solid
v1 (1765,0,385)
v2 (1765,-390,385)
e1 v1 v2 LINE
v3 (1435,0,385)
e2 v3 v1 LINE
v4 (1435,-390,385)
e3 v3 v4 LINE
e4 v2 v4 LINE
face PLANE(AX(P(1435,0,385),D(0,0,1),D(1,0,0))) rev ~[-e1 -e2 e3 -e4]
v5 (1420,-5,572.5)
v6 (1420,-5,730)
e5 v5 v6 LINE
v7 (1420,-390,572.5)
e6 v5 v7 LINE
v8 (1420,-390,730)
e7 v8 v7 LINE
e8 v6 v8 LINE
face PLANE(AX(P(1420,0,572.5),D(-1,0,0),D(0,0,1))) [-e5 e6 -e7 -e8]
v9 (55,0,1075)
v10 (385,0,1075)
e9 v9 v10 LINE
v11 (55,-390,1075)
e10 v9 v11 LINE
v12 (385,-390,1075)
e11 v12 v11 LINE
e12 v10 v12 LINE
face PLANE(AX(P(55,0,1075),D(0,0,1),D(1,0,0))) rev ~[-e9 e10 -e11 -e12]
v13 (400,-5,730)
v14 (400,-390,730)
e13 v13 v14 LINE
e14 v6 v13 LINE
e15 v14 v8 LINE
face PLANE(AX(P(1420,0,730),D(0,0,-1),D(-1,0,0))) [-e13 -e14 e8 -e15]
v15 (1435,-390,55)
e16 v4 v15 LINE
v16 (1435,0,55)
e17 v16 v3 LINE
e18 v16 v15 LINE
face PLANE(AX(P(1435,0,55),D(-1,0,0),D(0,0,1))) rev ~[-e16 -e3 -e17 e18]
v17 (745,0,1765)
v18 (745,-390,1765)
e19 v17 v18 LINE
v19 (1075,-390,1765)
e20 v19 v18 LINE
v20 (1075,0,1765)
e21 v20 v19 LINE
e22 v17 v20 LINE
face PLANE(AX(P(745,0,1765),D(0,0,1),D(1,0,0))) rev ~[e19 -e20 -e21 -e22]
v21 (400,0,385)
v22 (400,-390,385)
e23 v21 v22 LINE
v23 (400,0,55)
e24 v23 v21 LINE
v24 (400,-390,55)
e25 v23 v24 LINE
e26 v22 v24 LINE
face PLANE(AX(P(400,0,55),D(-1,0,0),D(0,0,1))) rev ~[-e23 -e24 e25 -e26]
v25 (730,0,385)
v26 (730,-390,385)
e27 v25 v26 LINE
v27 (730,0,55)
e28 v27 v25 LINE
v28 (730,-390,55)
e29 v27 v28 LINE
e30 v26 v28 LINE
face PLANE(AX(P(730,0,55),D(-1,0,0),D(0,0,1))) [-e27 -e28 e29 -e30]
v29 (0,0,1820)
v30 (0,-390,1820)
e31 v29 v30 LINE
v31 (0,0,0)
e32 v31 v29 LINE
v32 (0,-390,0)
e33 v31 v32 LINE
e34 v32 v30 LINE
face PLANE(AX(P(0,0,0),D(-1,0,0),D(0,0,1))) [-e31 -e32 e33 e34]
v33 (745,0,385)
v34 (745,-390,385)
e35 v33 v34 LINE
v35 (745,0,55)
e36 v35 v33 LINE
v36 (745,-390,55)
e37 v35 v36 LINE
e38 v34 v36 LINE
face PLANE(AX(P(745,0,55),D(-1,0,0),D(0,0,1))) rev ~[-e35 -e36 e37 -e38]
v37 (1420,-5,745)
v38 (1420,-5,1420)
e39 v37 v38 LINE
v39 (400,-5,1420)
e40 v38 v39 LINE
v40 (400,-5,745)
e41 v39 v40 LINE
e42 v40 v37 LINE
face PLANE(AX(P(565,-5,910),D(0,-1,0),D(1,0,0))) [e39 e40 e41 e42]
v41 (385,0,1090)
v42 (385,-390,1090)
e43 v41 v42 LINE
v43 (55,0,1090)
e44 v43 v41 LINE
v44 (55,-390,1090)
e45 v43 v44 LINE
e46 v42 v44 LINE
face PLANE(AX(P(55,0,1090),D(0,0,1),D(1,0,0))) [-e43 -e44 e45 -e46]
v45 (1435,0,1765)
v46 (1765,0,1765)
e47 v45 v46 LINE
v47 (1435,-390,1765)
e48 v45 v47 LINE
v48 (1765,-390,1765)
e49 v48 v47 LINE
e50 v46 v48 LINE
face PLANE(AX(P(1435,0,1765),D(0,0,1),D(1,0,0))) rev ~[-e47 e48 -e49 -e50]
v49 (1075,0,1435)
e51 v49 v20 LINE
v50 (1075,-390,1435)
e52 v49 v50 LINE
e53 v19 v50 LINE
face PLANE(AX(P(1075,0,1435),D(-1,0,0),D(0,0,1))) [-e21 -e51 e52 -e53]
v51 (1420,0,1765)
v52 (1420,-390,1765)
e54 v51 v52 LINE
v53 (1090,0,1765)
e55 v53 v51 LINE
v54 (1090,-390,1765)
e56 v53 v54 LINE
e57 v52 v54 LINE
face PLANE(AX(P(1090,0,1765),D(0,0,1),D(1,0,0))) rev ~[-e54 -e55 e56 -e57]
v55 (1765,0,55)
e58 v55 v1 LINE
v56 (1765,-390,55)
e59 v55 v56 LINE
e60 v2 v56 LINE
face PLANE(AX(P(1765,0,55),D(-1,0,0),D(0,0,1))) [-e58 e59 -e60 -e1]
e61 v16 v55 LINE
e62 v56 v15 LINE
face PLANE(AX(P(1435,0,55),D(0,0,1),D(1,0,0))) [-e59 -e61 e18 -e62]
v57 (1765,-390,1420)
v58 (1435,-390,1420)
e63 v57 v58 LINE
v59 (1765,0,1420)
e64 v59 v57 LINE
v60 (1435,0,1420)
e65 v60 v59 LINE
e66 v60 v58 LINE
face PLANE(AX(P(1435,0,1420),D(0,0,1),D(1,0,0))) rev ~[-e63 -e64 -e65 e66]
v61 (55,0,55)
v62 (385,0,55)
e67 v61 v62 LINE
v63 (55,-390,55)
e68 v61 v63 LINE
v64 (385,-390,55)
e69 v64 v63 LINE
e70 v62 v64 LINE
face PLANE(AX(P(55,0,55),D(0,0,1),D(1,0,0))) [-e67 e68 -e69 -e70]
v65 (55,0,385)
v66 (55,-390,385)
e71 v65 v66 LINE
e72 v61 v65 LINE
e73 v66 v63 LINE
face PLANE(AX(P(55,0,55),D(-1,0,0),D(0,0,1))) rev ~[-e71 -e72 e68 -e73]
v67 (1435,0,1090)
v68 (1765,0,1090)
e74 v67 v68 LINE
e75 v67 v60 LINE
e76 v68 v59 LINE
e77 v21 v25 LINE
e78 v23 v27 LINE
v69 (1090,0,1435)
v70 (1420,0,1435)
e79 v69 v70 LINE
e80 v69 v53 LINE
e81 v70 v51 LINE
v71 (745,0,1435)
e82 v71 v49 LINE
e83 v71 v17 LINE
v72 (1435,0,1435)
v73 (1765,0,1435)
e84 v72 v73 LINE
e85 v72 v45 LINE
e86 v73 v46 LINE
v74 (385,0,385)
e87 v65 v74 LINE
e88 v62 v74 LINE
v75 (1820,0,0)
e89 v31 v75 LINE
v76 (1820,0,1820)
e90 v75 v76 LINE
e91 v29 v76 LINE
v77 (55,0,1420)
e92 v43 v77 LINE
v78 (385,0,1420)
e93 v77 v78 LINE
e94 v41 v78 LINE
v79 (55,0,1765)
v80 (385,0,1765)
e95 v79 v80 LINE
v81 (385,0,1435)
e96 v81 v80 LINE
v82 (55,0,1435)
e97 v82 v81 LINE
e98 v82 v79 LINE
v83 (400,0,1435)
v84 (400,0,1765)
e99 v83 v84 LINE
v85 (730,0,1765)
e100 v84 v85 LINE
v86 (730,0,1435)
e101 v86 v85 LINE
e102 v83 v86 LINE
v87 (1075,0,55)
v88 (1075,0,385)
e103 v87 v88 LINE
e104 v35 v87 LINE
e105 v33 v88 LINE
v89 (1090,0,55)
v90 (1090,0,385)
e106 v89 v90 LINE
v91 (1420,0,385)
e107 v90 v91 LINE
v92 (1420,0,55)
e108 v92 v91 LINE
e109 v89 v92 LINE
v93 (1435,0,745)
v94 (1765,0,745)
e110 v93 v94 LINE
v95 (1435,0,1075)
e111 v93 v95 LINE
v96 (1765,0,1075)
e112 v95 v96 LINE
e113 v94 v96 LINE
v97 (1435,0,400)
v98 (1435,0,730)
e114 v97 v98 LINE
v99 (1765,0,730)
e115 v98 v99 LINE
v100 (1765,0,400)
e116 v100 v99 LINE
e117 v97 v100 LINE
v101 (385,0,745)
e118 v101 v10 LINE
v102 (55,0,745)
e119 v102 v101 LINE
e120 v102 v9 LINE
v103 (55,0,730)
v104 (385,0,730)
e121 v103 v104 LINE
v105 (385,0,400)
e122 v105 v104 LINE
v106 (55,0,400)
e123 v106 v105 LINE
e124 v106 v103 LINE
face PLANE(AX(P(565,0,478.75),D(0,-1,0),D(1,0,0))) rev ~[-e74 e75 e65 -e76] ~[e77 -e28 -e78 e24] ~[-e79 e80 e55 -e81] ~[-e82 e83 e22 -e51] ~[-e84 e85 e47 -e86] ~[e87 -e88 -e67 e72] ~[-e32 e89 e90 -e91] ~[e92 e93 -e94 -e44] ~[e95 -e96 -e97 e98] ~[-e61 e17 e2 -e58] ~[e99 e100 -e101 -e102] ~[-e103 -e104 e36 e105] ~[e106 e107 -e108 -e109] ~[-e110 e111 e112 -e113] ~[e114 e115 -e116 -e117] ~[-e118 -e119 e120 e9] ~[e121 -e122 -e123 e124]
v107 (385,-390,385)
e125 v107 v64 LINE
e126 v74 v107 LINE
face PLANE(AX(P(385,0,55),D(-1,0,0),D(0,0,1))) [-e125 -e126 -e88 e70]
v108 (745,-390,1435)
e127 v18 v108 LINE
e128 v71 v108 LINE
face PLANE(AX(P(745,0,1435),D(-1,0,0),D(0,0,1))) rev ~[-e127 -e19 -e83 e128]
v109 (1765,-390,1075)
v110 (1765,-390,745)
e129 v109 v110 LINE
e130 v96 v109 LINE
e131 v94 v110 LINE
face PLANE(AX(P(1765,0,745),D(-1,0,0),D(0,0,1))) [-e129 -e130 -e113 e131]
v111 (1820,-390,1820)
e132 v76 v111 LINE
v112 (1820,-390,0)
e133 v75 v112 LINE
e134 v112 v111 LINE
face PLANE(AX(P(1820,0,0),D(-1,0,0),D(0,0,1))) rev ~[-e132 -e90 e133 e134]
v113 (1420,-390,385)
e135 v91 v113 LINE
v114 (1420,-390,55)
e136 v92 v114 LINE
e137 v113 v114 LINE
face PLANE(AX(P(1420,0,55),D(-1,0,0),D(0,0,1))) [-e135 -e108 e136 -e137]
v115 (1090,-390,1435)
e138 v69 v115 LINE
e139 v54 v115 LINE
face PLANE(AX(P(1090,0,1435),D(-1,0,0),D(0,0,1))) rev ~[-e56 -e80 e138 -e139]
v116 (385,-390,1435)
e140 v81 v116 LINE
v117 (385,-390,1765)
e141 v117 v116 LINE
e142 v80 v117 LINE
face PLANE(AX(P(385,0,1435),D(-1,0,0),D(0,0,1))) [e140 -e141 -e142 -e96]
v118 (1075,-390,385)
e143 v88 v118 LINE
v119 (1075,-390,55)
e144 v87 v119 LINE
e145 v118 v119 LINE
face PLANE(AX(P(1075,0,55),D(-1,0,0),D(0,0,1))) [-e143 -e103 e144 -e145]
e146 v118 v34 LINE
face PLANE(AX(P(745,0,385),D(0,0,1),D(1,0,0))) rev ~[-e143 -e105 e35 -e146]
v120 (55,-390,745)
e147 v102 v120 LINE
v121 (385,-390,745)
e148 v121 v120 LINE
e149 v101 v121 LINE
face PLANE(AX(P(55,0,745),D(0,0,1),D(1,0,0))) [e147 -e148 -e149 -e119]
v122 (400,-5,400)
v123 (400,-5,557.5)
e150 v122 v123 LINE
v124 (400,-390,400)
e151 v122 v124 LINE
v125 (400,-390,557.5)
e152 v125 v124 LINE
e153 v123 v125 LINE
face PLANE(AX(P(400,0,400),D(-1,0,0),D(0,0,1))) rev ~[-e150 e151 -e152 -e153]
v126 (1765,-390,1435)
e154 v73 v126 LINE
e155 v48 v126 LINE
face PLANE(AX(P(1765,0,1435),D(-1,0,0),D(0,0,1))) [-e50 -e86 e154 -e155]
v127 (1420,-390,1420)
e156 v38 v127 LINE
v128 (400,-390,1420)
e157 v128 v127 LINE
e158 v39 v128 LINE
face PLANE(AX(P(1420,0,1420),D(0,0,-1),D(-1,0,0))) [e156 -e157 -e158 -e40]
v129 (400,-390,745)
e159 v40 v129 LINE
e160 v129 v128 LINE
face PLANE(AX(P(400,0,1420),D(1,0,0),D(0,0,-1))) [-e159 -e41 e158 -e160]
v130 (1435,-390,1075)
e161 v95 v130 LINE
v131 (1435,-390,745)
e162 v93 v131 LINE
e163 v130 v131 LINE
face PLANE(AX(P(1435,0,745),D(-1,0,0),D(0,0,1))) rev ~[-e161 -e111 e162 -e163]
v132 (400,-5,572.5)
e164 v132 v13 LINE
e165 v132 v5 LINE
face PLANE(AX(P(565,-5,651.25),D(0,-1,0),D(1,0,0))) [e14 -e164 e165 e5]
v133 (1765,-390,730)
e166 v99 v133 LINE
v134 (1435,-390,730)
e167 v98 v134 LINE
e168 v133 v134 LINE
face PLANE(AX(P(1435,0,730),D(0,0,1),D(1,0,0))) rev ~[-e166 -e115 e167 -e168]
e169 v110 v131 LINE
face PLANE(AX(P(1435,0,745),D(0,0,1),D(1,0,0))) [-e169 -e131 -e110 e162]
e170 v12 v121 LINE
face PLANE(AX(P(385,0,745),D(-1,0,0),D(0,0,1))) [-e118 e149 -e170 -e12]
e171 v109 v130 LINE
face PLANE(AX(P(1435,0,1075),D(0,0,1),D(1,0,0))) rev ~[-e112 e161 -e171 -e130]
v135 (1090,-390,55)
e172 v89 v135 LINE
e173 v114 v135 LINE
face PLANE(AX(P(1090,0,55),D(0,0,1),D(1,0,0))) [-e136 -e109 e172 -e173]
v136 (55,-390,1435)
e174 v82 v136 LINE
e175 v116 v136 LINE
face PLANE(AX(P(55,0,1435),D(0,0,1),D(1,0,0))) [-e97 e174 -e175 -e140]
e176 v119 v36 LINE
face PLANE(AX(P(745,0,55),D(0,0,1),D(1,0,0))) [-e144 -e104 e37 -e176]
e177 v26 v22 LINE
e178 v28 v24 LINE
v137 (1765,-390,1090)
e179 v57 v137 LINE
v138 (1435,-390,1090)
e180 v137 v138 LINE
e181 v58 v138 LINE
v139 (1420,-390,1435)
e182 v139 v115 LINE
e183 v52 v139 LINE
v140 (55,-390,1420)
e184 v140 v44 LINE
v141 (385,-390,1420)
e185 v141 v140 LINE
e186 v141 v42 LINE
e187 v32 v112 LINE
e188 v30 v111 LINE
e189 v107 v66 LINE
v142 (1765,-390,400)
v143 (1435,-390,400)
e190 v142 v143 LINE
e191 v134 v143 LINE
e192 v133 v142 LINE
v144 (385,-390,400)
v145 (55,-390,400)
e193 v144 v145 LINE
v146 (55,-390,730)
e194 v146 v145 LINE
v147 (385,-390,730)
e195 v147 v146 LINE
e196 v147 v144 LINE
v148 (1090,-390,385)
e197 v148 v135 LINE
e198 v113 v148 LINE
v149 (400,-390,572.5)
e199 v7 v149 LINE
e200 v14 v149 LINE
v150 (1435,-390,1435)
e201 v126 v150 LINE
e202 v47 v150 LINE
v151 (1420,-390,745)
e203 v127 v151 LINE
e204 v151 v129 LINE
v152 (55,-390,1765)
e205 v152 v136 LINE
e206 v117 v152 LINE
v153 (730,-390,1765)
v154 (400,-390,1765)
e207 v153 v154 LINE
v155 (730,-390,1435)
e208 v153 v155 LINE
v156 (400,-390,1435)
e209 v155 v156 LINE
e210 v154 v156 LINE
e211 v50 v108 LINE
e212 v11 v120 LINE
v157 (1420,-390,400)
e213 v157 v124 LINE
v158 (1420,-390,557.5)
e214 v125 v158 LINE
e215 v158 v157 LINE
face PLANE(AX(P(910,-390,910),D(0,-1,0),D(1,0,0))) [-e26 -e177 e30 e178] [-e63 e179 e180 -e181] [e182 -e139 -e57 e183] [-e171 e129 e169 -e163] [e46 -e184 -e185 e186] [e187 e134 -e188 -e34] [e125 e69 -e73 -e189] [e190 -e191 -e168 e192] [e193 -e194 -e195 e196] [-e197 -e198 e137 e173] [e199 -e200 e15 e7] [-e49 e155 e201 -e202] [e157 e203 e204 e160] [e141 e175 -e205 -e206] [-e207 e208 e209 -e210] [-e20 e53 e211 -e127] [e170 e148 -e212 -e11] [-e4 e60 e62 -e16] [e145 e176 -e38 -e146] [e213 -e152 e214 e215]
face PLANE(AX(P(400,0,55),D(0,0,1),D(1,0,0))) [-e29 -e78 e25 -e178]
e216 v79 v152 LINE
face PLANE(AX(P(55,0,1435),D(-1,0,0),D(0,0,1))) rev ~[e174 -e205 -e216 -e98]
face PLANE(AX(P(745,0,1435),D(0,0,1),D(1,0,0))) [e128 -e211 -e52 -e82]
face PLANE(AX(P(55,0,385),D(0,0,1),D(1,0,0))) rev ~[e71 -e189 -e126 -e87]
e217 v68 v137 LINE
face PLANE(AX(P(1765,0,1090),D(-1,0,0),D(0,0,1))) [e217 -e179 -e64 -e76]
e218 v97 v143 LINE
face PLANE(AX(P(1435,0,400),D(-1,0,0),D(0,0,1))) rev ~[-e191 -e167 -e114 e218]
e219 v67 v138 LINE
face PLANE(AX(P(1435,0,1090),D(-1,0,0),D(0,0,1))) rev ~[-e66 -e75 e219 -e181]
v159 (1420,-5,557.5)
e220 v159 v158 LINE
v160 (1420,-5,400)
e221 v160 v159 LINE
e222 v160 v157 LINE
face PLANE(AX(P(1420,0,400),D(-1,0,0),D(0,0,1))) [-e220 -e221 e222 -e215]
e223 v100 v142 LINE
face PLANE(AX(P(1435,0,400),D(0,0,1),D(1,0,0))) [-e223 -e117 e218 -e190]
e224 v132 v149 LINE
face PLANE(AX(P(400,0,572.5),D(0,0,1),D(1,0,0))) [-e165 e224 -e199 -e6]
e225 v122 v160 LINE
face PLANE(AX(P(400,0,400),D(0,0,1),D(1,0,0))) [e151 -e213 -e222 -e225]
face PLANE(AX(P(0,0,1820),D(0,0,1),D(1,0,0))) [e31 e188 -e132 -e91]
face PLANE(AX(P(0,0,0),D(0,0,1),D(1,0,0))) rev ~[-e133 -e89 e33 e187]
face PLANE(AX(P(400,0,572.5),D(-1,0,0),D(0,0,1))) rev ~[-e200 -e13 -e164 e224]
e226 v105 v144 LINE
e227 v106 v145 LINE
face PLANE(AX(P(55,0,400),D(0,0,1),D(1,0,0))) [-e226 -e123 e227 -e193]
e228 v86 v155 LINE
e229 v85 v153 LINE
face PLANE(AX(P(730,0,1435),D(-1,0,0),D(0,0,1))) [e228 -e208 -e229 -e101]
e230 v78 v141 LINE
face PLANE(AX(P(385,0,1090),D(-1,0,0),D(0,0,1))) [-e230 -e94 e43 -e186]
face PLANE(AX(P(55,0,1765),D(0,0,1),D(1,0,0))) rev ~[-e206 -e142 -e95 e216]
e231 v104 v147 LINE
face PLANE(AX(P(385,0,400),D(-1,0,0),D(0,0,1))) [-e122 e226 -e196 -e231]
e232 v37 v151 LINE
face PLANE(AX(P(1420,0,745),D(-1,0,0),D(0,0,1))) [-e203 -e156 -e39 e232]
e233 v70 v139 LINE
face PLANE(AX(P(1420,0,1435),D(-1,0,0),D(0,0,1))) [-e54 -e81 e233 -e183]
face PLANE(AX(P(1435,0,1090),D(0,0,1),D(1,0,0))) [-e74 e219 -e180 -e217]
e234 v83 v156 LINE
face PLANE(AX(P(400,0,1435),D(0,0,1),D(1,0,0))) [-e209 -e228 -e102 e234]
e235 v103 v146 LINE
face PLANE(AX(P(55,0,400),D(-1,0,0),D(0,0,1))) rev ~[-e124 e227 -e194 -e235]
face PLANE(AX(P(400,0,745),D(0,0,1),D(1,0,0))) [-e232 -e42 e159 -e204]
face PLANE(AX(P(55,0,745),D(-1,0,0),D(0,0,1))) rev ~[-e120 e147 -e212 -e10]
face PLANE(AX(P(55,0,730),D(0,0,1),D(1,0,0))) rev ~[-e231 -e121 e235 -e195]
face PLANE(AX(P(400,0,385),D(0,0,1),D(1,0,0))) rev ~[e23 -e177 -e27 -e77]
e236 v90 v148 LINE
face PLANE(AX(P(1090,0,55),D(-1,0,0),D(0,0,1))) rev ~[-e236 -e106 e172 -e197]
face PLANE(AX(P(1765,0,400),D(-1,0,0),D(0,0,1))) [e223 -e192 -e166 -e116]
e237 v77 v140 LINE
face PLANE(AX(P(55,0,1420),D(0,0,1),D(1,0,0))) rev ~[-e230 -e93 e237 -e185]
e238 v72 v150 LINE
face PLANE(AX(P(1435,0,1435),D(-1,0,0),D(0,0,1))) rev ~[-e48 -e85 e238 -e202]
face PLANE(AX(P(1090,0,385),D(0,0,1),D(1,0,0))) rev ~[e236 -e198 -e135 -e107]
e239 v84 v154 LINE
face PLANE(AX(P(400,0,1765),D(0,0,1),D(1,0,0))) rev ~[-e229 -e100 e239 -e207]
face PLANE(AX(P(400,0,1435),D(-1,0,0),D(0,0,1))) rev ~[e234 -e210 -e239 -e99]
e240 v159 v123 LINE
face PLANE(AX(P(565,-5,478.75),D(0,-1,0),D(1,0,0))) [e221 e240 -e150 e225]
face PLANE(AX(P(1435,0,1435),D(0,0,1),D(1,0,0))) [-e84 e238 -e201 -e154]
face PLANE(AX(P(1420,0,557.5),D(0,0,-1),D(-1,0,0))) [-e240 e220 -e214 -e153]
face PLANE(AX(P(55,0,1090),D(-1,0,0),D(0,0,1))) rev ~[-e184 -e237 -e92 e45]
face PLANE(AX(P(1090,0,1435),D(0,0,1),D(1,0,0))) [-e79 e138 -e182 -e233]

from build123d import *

# Parameters (mm, degrees)
F0_W     = 1820
F0_H     = 1820
F1_DEPTH = 390
F2_W     = 330
F2_H     = 330
F2_H_2   = 157.5
F2_W_2   = 15
F3_DEPTH = 740.61349
F4_DEPTH = 5


with BuildPart() as f1:
    # F0 (on Front) → F1 (new body)
    with BuildSketch(Plane.XZ):
        with Locations((910, 910)):
            Rectangle(F0_W, F0_H)
    extrude(amount=F1_DEPTH)

    # F2 (on Front) → F3 (cut)
    with BuildSketch(Plane.XZ):
        with Locations((220, 220)):
            Rectangle(F2_W, F2_H)
        with Locations((220, 565)):
            Rectangle(F2_W, F2_H)
        with Locations((220, 910)):
            Rectangle(F2_W, F2_H)
        with Locations((220, 1255)):
            Rectangle(F2_W, F2_H)
        with Locations((220, 1600)):
            Rectangle(F2_W, F2_H)
        with Locations((565, 220)):
            Rectangle(F2_W, F2_H)
        with Locations((565, 1600)):
            Rectangle(F2_W, F2_H)
        with Locations((910, 220)):
            Rectangle(F2_W, F2_H)
        with Locations((910, 1600)):
            Rectangle(F2_W, F2_H)
        with Locations((1255, 220)):
            Rectangle(F2_W, F2_H)
        with Locations((1255, 1600)):
            Rectangle(F2_W, F2_H)
        with Locations((1600, 220)):
            Rectangle(F2_W, F2_H)
        with Locations((1600, 565)):
            Rectangle(F2_W, F2_H)
        with Locations((1600, 910)):
            Rectangle(F2_W, F2_H)
        with Locations((1600, 1255)):
            Rectangle(F2_W, F2_H)
        with Locations((1600, 1600)):
            Rectangle(F2_W, F2_H)
        with Locations((565, 910)):
            Rectangle(F2_W, F2_H)
        with Locations((565, 1255)):
            Rectangle(F2_W, F2_H)
        with Locations((910, 910)):
            Rectangle(F2_W, F2_H)
        with Locations((910, 1255)):
            Rectangle(F2_W, F2_H)
        with Locations((1255, 910)):
            Rectangle(F2_W, F2_H)
        with Locations((1255, 1255)):
            Rectangle(F2_W, F2_H)
        with Locations((565, 651.25)):
            Rectangle(F2_W, F2_H_2)
        with Locations((565, 478.75)):
            Rectangle(F2_W, F2_H_2)
        with Locations((1255, 651.25)):
            Rectangle(F2_W, F2_H_2)
        with Locations((1255, 478.75)):
            Rectangle(F2_W, F2_H_2)
        with Locations((737.5, 651.25)):
            Rectangle(F2_W_2, F2_H_2)
        with Locations((737.5, 478.75)):
            Rectangle(F2_W_2, F2_H_2)
        with Locations((910, 651.25)):
            Rectangle(F2_W, F2_H_2)
        with Locations((1082.5, 651.25)):
            Rectangle(F2_W_2, F2_H_2)
        with Locations((910, 478.75)):
            Rectangle(F2_W, F2_H_2)
        with Locations((1082.5, 478.75)):
            Rectangle(F2_W_2, F2_H_2)
        Polygon((400, 1075), (730, 1075), (730, 745), (745, 745), (745, 1075), (1075, 1075), (1075, 745), (1090, 745), (1090, 1075), (1420, 1075), (1420, 1090), (1090, 1090), (1090, 1420), (1075, 1420), (1075, 1090), (745, 1090), (745, 1420), (730, 1420), (730, 1090), (400, 1090), align=None)
    extrude(amount=F3_DEPTH, mode=Mode.SUBTRACT)

    # F2 (on Front) → F4 (join)
    with BuildSketch(Plane.XZ):
        with Locations((565, 478.75)):
            Rectangle(F2_W, F2_H_2)
        with Locations((565, 651.25)):
            Rectangle(F2_W, F2_H_2)
        with Locations((910, 651.25)):
            Rectangle(F2_W, F2_H_2)
        with Locations((910, 478.75)):
            Rectangle(F2_W, F2_H_2)
        with Locations((1255, 478.75)):
            Rectangle(F2_W, F2_H_2)
        with Locations((1255, 651.25)):
            Rectangle(F2_W, F2_H_2)
        with Locations((565, 910)):
            Rectangle(F2_W, F2_H)
        with Locations((1255, 910)):
            Rectangle(F2_W, F2_H)
        with Locations((1255, 1255)):
            Rectangle(F2_W, F2_H)
        with Locations((910, 1255)):
            Rectangle(F2_W, F2_H)
        with Locations((565, 1255)):
            Rectangle(F2_W, F2_H)
        with Locations((910, 910)):
            Rectangle(F2_W, F2_H)
        Polygon((400, 1075), (730, 1075), (730, 745), (745, 745), (745, 1075), (1075, 1075), (1075, 745), (1090, 745), (1090, 1075), (1420, 1075), (1420, 1090), (1090, 1090), (1090, 1420), (1075, 1420), (1075, 1090), (745, 1090), (745, 1420), (730, 1420), (730, 1090), (400, 1090), align=None)
        with Locations((737.5, 651.25)):
            Rectangle(F2_W_2, F2_H_2)
        with Locations((737.5, 478.75)):
            Rectangle(F2_W_2, F2_H_2)
        with Locations((1082.5, 478.75)):
            Rectangle(F2_W_2, F2_H_2)
        with Locations((1082.5, 651.25)):
            Rectangle(F2_W_2, F2_H_2)
    extrude(amount=F4_DEPTH)


solid = f1.part
